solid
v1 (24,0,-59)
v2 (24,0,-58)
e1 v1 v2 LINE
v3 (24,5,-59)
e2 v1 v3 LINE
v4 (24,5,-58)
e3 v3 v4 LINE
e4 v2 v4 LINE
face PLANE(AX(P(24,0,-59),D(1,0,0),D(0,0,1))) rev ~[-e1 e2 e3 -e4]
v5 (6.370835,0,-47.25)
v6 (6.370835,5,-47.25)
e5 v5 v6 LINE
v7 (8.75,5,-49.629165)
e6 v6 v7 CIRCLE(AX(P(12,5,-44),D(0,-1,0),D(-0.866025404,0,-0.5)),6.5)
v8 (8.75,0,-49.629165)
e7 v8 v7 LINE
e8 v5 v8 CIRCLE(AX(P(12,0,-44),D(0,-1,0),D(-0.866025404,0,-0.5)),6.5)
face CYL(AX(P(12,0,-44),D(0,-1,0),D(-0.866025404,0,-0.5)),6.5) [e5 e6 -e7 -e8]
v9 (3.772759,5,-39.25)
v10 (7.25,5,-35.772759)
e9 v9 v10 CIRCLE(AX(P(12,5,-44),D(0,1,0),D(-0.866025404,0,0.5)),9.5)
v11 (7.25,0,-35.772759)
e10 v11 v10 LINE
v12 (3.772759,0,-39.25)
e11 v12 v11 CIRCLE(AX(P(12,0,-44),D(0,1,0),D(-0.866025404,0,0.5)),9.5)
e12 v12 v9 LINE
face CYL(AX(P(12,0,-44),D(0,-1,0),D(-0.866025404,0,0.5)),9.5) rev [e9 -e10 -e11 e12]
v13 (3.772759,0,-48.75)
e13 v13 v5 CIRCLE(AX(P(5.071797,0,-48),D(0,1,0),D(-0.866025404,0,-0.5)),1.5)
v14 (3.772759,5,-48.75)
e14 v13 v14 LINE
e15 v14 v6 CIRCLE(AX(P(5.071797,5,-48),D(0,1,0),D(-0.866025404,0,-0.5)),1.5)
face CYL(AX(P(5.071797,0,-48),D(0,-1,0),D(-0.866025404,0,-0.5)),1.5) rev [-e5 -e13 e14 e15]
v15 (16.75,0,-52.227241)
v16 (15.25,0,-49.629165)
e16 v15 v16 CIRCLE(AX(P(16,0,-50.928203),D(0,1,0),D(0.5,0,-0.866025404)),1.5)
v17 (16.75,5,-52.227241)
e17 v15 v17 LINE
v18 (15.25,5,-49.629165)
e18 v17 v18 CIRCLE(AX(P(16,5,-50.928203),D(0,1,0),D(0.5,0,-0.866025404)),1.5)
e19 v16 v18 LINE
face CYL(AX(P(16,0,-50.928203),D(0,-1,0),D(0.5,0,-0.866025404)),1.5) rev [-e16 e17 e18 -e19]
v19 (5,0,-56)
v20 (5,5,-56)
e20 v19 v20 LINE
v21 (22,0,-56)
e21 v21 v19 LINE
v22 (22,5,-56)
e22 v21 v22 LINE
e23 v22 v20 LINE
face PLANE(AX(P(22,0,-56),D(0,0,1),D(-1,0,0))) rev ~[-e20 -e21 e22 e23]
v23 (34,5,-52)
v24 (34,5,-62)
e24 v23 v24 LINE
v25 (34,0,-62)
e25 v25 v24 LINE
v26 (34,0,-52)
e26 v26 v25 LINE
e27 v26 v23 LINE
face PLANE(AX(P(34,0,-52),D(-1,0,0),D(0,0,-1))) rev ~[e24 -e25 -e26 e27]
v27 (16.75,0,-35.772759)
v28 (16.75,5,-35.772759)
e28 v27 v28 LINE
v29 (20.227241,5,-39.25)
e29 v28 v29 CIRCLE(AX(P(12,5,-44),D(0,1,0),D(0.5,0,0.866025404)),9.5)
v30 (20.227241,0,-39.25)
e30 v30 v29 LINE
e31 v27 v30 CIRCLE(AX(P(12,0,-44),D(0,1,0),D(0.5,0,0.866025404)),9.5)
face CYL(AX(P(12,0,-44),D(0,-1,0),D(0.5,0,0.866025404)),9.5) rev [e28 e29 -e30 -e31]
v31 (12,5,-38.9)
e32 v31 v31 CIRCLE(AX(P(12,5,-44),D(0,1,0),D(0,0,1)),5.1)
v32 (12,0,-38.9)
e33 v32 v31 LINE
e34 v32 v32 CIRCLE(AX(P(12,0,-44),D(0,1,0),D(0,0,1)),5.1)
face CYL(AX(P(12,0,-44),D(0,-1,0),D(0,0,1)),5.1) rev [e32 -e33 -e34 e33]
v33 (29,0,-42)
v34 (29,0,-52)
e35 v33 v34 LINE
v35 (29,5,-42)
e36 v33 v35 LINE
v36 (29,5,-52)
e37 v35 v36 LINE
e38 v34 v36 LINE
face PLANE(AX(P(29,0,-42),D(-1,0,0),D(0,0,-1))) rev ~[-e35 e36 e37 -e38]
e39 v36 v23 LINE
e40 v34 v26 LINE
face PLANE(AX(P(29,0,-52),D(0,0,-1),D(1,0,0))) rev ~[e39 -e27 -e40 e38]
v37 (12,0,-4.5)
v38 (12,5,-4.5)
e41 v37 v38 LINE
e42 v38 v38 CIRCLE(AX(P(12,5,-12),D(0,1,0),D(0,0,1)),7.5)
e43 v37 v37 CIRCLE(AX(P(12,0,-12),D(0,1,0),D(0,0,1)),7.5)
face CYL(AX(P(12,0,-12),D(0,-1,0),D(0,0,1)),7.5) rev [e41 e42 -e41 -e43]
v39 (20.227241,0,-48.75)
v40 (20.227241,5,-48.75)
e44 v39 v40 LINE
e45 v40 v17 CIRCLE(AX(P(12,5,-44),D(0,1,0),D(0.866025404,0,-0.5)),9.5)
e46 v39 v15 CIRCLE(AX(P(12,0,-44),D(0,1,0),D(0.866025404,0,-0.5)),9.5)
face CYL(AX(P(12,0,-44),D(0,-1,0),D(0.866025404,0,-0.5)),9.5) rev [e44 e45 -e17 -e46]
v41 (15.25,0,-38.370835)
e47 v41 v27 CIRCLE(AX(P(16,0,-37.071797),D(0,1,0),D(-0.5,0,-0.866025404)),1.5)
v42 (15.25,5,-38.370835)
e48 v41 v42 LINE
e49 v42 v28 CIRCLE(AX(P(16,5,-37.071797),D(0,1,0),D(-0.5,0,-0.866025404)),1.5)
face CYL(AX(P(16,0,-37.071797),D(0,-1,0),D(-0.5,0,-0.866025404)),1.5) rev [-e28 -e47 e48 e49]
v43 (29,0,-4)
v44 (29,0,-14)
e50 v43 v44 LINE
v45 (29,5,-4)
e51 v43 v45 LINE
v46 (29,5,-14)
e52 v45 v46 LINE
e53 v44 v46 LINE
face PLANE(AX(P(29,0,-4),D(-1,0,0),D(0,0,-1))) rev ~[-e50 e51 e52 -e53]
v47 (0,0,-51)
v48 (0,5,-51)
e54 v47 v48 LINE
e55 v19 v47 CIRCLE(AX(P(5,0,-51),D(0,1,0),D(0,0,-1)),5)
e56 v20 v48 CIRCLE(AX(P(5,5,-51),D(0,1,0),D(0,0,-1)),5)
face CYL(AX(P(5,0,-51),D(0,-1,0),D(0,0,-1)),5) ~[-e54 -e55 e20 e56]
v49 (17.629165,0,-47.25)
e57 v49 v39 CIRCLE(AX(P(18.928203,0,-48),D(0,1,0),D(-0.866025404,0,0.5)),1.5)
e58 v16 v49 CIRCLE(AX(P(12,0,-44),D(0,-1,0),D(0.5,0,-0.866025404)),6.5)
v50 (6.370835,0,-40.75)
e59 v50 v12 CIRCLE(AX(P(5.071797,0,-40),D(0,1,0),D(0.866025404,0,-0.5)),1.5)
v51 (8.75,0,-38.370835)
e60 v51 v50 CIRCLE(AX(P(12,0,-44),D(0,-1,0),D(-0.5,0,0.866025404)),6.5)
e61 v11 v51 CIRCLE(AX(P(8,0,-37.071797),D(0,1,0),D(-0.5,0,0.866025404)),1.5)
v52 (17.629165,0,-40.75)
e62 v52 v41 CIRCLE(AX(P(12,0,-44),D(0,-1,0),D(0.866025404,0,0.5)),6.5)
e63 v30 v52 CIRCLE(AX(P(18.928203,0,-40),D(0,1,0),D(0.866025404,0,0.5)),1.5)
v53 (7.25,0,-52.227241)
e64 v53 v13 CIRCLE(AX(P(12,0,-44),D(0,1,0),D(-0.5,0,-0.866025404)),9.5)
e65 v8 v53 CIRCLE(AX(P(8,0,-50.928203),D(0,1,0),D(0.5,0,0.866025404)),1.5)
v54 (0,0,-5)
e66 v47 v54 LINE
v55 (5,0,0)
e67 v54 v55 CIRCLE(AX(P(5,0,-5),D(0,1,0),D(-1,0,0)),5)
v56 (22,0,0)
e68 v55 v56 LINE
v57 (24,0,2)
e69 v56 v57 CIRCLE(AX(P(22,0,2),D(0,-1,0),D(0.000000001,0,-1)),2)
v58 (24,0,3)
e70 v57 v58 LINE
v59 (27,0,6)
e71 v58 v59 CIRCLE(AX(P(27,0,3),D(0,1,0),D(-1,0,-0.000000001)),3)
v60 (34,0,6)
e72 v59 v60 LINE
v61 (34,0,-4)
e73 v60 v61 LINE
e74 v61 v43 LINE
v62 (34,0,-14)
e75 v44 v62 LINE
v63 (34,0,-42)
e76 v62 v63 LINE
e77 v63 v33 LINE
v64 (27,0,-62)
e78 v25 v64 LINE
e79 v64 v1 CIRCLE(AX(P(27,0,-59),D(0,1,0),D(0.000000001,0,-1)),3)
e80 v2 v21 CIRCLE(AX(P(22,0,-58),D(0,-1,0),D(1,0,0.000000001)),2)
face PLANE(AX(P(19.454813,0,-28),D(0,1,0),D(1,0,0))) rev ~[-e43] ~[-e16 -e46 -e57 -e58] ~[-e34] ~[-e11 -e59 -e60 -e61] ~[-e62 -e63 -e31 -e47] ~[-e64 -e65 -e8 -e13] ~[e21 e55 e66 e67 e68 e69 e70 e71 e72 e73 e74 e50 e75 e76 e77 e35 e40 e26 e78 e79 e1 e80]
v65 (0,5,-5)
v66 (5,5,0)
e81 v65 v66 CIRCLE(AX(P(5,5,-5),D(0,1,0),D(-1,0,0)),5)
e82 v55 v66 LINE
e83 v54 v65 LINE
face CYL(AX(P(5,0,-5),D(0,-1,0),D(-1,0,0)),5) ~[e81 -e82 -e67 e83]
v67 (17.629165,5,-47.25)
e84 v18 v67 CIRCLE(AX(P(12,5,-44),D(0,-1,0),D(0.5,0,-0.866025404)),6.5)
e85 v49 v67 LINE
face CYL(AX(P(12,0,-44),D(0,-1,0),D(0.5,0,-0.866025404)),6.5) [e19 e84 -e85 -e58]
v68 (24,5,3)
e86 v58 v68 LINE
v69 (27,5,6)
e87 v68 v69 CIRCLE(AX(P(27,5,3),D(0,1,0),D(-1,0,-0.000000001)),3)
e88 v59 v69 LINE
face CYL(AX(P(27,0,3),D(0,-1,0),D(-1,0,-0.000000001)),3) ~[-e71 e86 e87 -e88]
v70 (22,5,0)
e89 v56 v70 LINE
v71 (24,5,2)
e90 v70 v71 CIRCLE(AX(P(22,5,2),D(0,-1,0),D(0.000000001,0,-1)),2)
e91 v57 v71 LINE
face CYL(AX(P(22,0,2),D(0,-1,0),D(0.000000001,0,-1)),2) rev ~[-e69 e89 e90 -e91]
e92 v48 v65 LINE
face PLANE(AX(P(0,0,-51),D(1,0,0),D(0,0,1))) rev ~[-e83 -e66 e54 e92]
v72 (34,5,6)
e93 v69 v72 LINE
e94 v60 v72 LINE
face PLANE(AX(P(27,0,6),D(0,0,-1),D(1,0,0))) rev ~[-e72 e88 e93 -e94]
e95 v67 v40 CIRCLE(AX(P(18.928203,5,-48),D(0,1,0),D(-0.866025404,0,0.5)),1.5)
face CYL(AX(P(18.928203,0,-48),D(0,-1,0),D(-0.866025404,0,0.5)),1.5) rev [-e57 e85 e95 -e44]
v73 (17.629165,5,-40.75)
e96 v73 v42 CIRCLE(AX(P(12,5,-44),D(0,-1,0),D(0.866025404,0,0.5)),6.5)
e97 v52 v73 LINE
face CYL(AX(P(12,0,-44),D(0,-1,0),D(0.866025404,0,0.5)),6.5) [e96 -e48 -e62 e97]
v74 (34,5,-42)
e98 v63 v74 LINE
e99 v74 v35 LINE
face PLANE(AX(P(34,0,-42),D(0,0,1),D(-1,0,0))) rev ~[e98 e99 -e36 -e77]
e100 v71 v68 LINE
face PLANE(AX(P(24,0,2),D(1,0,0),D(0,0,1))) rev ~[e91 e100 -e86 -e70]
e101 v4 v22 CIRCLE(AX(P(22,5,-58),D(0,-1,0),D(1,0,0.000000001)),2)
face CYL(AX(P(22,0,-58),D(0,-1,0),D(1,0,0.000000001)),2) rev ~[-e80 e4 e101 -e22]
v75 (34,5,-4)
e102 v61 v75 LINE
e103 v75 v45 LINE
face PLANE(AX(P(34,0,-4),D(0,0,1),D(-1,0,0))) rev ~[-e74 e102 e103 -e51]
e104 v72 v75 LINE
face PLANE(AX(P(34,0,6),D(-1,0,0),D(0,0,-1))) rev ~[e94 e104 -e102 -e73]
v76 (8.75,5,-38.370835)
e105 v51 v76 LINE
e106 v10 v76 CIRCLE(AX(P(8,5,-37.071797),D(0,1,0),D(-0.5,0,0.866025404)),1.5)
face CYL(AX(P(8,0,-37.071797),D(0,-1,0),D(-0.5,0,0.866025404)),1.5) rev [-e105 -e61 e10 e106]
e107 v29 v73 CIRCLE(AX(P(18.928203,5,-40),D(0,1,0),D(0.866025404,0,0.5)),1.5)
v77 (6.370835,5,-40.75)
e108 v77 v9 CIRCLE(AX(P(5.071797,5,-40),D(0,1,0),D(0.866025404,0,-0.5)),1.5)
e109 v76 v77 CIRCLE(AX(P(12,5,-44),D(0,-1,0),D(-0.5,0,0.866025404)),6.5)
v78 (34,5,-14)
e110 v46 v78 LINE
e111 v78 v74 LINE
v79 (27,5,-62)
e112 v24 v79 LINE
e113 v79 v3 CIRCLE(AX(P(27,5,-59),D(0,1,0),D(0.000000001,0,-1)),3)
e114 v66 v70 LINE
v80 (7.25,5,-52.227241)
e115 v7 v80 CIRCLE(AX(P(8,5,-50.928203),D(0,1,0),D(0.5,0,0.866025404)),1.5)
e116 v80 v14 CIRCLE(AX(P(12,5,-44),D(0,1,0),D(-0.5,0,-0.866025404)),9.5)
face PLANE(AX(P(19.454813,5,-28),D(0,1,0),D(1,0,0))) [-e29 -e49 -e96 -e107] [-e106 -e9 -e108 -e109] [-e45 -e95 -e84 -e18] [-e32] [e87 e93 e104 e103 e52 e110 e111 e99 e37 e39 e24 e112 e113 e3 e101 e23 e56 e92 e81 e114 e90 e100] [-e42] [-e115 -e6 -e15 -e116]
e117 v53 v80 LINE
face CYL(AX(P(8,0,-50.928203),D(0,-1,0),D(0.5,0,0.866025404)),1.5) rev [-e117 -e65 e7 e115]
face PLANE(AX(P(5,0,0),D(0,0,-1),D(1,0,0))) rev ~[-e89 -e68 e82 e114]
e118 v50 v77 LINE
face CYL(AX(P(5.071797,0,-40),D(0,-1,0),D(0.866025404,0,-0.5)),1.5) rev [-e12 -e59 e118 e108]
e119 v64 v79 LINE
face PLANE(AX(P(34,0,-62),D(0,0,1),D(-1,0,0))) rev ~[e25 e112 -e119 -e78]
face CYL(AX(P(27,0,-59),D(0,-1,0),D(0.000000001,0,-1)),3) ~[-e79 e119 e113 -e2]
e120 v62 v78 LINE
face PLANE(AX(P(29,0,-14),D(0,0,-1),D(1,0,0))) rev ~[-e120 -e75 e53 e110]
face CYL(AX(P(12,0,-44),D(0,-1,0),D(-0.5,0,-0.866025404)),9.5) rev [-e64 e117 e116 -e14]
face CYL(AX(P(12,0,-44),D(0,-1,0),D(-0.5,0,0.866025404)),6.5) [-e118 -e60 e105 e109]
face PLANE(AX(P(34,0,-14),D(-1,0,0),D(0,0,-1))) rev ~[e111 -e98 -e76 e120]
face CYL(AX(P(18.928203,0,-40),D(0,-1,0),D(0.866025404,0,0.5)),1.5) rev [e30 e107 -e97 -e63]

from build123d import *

# Parameters (mm, degrees)
SKETCH_1_R      = 5.1
SKETCH_1_R_2    = 7.5
EXTRUDE_1_DEPTH = 5


with BuildPart() as part:
    # 草图1 → 凸台-拉伸1 (new body)
    with BuildSketch(Plane(origin=(0, 0, 0), x_dir=(1, 0, 0), z_dir=(0, 1, 0))):
        with BuildLine():
            Line((5, 0), (22, 0))
            ThreePointArc((22, 0), (23.414213562, -0.585786438), (24, -2))
            Line((24, -2), (24, -3))
            ThreePointArc((24, -3), (24.878679656, -5.121320344), (27, -6))
            Line((27, -6), (34, -6))
            Line((34, -6), (34, 4))
            Line((34, 4), (29, 4))
            Line((29, 4), (29, 14))
            Line((29, 14), (34, 14))
            Line((34, 14), (34, 42))
            Line((34, 42), (29, 42))
            Line((29, 42), (29, 52))
            Line((29, 52), (34, 52))
            Line((34, 52), (34, 62))
            Line((34, 62), (27, 62))
            ThreePointArc((27, 62), (24.878679656, 61.121320344), (24, 59))
            Line((24, 59), (24, 58))
            ThreePointArc((24, 58), (23.414213562, 56.585786438), (22, 56))
            Line((22, 56), (5, 56))
            ThreePointArc((5, 56), (1.464466094, 54.535533906), (0, 51))
            Line((0, 51), (0, 5))
            ThreePointArc((0, 5), (1.464466094, 1.464466094), (5, 0))
        make_face()
        with Locations(Location((12, 44, 0), (0, 0, 270))):
            Circle(SKETCH_1_R, mode=Mode.SUBTRACT)
        with Locations(Location((12, 12, 0), (0, 0, 270))):
            Circle(SKETCH_1_R_2, mode=Mode.SUBTRACT)
        with BuildLine():
            ThreePointArc((7.25, 52.227241336), (5.282485579, 50.717514421), (3.772758664, 48.75))
            ThreePointArc((3.772758664, 48.75), (4.32179677, 46.700961894), (6.370834875, 47.25))
            ThreePointArc((6.370834875, 47.25), (7.403805922, 48.596194078), (8.75, 49.629165125))
            ThreePointArc((8.75, 49.629165125), (9.299038106, 51.67820323), (7.25, 52.227241336))
        make_face(mode=Mode.SUBTRACT)
        with BuildLine():
            ThreePointArc((20.227241336, 48.75), (18.717514421, 50.717514421), (16.75, 52.227241336))
            ThreePointArc((16.75, 52.227241336), (14.700961894, 51.67820323), (15.25, 49.629165125))
            ThreePointArc((15.25, 49.629165125), (16.596194078, 48.596194078), (17.629165125, 47.25))
            ThreePointArc((17.629165125, 47.25), (19.67820323, 46.700961894), (20.227241336, 48.75))
        make_face(mode=Mode.SUBTRACT)
        with BuildLine():
            ThreePointArc((16.75, 35.772758664), (18.717514421, 37.282485579), (20.227241336, 39.25))
            ThreePointArc((20.227241336, 39.25), (19.67820323, 41.299038106), (17.629165125, 40.75))
            ThreePointArc((17.629165125, 40.75), (16.596194078, 39.403805922), (15.25, 38.370834875))
            ThreePointArc((15.25, 38.370834875), (14.700961894, 36.32179677), (16.75, 35.772758664))
        make_face(mode=Mode.SUBTRACT)
        with BuildLine():
            ThreePointArc((3.772758664, 39.25), (5.282485579, 37.282485579), (7.25, 35.772758664))
            ThreePointArc((7.25, 35.772758664), (9.299038106, 36.32179677), (8.75, 38.370834875))
            ThreePointArc((8.75, 38.370834875), (7.403805922, 39.403805922), (6.370834875, 40.75))
            ThreePointArc((6.370834875, 40.75), (4.32179677, 41.299038106), (3.772758664, 39.25))
        make_face(mode=Mode.SUBTRACT)
    extrude(amount=EXTRUDE_1_DEPTH)


solid = part.part
